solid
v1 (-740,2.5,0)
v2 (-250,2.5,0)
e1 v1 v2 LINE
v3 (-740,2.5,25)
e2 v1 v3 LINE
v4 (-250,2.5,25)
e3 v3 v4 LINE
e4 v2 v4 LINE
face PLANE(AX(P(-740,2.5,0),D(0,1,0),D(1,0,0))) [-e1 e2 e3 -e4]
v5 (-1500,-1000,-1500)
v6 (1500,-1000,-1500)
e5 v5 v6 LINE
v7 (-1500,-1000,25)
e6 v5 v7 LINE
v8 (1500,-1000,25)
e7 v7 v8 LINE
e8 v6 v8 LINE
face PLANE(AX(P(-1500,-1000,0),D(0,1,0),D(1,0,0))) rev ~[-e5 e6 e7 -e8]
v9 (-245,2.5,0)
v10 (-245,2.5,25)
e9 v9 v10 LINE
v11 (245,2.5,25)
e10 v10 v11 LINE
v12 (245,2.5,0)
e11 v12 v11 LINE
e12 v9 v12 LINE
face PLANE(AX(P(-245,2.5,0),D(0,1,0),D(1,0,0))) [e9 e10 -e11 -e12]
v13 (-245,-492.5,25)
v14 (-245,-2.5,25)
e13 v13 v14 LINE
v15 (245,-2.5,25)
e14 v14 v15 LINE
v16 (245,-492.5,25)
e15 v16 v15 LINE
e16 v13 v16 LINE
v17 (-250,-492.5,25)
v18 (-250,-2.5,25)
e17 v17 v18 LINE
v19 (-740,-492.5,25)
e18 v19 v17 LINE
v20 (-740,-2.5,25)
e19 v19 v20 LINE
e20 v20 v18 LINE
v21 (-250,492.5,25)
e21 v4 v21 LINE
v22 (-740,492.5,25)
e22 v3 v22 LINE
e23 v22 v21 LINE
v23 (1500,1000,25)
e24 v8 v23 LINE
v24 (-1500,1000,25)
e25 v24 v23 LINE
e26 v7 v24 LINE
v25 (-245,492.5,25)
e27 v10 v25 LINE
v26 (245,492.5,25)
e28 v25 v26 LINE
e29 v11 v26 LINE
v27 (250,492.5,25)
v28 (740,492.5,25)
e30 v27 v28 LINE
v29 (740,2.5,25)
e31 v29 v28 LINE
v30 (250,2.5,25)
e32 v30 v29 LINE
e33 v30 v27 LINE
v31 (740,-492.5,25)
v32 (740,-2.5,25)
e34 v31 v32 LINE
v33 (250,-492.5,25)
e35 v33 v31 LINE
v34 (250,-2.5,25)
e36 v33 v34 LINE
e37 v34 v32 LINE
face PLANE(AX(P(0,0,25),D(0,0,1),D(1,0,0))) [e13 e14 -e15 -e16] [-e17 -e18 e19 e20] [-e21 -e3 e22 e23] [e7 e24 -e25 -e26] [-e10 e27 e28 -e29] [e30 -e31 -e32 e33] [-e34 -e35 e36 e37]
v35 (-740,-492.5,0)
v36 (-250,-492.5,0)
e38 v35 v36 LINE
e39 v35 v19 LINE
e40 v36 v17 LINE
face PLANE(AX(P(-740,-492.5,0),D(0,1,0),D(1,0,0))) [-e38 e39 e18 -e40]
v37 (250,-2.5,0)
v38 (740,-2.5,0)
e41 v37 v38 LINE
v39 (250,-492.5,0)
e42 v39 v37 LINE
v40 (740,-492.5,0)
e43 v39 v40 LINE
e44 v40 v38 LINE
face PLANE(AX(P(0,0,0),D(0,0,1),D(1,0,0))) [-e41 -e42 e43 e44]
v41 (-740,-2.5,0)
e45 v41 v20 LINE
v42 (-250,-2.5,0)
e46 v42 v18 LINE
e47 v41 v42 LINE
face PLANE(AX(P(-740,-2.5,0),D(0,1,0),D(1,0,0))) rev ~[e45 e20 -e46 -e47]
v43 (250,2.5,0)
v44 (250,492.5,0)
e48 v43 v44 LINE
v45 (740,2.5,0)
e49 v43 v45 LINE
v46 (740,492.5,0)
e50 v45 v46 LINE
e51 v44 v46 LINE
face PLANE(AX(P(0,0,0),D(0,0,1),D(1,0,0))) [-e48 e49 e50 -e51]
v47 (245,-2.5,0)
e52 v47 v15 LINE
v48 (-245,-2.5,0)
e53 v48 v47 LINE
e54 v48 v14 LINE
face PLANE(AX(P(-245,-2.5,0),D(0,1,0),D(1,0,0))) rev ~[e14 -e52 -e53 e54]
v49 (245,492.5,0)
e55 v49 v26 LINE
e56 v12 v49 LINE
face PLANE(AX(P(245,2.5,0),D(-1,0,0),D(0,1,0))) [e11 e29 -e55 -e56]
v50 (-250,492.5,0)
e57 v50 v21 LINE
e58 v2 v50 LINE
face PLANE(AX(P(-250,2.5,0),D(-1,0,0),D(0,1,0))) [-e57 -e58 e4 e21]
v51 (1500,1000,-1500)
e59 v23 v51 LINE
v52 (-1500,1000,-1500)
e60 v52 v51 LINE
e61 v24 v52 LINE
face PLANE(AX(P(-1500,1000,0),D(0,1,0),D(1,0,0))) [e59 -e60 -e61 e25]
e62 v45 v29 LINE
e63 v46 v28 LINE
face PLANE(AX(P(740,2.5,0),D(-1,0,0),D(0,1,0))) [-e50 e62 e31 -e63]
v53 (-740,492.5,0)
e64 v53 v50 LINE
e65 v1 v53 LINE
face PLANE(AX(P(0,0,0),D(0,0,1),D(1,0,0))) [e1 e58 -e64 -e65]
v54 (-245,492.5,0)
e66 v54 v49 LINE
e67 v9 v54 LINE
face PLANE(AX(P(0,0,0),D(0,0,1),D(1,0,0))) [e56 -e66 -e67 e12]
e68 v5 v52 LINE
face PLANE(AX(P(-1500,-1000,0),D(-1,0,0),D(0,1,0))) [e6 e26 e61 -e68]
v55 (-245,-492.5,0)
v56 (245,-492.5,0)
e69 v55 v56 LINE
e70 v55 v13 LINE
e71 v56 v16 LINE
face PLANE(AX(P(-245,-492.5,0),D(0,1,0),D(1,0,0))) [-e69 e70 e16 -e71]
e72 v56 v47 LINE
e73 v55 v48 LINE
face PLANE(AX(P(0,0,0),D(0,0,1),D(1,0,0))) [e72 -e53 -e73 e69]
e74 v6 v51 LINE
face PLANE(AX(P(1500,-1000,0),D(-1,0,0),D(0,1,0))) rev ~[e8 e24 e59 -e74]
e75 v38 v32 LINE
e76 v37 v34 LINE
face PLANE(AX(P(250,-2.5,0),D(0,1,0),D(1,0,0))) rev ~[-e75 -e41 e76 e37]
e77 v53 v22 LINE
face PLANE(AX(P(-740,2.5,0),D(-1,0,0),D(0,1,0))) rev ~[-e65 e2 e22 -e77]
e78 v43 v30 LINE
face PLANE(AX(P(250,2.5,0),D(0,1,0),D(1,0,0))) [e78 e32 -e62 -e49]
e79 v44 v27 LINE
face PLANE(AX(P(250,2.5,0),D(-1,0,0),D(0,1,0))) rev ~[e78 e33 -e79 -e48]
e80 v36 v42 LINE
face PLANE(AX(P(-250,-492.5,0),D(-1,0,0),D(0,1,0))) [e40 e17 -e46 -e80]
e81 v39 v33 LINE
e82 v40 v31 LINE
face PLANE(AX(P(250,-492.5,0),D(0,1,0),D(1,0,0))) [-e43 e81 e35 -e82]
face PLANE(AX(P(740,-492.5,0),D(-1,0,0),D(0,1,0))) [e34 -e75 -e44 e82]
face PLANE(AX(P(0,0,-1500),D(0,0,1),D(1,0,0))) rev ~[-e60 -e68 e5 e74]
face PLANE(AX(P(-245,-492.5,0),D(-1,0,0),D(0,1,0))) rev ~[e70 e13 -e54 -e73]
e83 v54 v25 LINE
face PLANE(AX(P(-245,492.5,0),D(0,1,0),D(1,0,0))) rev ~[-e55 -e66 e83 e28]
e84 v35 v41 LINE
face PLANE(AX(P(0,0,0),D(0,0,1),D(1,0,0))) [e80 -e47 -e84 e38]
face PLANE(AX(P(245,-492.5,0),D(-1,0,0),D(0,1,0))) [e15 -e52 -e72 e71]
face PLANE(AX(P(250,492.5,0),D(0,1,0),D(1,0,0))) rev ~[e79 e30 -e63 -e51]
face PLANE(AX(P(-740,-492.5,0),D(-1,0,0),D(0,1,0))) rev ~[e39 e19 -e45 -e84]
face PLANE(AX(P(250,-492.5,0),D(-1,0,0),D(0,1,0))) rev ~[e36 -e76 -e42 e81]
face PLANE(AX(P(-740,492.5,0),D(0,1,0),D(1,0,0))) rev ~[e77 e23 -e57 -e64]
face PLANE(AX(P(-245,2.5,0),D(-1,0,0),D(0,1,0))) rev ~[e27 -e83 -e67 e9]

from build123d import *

# Parameters (mm, degrees)
F0_W     = 3000
F0_H     = 2000
F1_DEPTH = 1500
F2_W     = 3000
F2_H     = 2000
F2_W_2   = 490
F2_H_2   = 490
F3_DEPTH = 25


with BuildPart() as f1:
    # F0 (on Top) → F1 (new body)
    with BuildSketch(Plane.XY):
        Rectangle(F0_W, F0_H)
    extrude(amount=-F1_DEPTH)

    # F2 (on face) → F3 (join)
    with BuildSketch(Plane.XY):
        Rectangle(F2_W, F2_H)
        with Locations((-495, -247.5)):
            Rectangle(F2_W_2, F2_H_2, mode=Mode.SUBTRACT)
        with Locations((0, -247.5)):
            Rectangle(F2_W_2, F2_H_2, mode=Mode.SUBTRACT)
        with Locations((495, -247.5)):
            Rectangle(F2_W_2, F2_H_2, mode=Mode.SUBTRACT)
        with Locations((-495, 247.5)):
            Rectangle(F2_W_2, F2_H_2, mode=Mode.SUBTRACT)
        with Locations((0, 247.5)):
            Rectangle(F2_W_2, F2_H_2, mode=Mode.SUBTRACT)
        with Locations((495, 247.5)):
            Rectangle(F2_W_2, F2_H_2, mode=Mode.SUBTRACT)
    extrude(amount=F3_DEPTH)


solid = f1.part
